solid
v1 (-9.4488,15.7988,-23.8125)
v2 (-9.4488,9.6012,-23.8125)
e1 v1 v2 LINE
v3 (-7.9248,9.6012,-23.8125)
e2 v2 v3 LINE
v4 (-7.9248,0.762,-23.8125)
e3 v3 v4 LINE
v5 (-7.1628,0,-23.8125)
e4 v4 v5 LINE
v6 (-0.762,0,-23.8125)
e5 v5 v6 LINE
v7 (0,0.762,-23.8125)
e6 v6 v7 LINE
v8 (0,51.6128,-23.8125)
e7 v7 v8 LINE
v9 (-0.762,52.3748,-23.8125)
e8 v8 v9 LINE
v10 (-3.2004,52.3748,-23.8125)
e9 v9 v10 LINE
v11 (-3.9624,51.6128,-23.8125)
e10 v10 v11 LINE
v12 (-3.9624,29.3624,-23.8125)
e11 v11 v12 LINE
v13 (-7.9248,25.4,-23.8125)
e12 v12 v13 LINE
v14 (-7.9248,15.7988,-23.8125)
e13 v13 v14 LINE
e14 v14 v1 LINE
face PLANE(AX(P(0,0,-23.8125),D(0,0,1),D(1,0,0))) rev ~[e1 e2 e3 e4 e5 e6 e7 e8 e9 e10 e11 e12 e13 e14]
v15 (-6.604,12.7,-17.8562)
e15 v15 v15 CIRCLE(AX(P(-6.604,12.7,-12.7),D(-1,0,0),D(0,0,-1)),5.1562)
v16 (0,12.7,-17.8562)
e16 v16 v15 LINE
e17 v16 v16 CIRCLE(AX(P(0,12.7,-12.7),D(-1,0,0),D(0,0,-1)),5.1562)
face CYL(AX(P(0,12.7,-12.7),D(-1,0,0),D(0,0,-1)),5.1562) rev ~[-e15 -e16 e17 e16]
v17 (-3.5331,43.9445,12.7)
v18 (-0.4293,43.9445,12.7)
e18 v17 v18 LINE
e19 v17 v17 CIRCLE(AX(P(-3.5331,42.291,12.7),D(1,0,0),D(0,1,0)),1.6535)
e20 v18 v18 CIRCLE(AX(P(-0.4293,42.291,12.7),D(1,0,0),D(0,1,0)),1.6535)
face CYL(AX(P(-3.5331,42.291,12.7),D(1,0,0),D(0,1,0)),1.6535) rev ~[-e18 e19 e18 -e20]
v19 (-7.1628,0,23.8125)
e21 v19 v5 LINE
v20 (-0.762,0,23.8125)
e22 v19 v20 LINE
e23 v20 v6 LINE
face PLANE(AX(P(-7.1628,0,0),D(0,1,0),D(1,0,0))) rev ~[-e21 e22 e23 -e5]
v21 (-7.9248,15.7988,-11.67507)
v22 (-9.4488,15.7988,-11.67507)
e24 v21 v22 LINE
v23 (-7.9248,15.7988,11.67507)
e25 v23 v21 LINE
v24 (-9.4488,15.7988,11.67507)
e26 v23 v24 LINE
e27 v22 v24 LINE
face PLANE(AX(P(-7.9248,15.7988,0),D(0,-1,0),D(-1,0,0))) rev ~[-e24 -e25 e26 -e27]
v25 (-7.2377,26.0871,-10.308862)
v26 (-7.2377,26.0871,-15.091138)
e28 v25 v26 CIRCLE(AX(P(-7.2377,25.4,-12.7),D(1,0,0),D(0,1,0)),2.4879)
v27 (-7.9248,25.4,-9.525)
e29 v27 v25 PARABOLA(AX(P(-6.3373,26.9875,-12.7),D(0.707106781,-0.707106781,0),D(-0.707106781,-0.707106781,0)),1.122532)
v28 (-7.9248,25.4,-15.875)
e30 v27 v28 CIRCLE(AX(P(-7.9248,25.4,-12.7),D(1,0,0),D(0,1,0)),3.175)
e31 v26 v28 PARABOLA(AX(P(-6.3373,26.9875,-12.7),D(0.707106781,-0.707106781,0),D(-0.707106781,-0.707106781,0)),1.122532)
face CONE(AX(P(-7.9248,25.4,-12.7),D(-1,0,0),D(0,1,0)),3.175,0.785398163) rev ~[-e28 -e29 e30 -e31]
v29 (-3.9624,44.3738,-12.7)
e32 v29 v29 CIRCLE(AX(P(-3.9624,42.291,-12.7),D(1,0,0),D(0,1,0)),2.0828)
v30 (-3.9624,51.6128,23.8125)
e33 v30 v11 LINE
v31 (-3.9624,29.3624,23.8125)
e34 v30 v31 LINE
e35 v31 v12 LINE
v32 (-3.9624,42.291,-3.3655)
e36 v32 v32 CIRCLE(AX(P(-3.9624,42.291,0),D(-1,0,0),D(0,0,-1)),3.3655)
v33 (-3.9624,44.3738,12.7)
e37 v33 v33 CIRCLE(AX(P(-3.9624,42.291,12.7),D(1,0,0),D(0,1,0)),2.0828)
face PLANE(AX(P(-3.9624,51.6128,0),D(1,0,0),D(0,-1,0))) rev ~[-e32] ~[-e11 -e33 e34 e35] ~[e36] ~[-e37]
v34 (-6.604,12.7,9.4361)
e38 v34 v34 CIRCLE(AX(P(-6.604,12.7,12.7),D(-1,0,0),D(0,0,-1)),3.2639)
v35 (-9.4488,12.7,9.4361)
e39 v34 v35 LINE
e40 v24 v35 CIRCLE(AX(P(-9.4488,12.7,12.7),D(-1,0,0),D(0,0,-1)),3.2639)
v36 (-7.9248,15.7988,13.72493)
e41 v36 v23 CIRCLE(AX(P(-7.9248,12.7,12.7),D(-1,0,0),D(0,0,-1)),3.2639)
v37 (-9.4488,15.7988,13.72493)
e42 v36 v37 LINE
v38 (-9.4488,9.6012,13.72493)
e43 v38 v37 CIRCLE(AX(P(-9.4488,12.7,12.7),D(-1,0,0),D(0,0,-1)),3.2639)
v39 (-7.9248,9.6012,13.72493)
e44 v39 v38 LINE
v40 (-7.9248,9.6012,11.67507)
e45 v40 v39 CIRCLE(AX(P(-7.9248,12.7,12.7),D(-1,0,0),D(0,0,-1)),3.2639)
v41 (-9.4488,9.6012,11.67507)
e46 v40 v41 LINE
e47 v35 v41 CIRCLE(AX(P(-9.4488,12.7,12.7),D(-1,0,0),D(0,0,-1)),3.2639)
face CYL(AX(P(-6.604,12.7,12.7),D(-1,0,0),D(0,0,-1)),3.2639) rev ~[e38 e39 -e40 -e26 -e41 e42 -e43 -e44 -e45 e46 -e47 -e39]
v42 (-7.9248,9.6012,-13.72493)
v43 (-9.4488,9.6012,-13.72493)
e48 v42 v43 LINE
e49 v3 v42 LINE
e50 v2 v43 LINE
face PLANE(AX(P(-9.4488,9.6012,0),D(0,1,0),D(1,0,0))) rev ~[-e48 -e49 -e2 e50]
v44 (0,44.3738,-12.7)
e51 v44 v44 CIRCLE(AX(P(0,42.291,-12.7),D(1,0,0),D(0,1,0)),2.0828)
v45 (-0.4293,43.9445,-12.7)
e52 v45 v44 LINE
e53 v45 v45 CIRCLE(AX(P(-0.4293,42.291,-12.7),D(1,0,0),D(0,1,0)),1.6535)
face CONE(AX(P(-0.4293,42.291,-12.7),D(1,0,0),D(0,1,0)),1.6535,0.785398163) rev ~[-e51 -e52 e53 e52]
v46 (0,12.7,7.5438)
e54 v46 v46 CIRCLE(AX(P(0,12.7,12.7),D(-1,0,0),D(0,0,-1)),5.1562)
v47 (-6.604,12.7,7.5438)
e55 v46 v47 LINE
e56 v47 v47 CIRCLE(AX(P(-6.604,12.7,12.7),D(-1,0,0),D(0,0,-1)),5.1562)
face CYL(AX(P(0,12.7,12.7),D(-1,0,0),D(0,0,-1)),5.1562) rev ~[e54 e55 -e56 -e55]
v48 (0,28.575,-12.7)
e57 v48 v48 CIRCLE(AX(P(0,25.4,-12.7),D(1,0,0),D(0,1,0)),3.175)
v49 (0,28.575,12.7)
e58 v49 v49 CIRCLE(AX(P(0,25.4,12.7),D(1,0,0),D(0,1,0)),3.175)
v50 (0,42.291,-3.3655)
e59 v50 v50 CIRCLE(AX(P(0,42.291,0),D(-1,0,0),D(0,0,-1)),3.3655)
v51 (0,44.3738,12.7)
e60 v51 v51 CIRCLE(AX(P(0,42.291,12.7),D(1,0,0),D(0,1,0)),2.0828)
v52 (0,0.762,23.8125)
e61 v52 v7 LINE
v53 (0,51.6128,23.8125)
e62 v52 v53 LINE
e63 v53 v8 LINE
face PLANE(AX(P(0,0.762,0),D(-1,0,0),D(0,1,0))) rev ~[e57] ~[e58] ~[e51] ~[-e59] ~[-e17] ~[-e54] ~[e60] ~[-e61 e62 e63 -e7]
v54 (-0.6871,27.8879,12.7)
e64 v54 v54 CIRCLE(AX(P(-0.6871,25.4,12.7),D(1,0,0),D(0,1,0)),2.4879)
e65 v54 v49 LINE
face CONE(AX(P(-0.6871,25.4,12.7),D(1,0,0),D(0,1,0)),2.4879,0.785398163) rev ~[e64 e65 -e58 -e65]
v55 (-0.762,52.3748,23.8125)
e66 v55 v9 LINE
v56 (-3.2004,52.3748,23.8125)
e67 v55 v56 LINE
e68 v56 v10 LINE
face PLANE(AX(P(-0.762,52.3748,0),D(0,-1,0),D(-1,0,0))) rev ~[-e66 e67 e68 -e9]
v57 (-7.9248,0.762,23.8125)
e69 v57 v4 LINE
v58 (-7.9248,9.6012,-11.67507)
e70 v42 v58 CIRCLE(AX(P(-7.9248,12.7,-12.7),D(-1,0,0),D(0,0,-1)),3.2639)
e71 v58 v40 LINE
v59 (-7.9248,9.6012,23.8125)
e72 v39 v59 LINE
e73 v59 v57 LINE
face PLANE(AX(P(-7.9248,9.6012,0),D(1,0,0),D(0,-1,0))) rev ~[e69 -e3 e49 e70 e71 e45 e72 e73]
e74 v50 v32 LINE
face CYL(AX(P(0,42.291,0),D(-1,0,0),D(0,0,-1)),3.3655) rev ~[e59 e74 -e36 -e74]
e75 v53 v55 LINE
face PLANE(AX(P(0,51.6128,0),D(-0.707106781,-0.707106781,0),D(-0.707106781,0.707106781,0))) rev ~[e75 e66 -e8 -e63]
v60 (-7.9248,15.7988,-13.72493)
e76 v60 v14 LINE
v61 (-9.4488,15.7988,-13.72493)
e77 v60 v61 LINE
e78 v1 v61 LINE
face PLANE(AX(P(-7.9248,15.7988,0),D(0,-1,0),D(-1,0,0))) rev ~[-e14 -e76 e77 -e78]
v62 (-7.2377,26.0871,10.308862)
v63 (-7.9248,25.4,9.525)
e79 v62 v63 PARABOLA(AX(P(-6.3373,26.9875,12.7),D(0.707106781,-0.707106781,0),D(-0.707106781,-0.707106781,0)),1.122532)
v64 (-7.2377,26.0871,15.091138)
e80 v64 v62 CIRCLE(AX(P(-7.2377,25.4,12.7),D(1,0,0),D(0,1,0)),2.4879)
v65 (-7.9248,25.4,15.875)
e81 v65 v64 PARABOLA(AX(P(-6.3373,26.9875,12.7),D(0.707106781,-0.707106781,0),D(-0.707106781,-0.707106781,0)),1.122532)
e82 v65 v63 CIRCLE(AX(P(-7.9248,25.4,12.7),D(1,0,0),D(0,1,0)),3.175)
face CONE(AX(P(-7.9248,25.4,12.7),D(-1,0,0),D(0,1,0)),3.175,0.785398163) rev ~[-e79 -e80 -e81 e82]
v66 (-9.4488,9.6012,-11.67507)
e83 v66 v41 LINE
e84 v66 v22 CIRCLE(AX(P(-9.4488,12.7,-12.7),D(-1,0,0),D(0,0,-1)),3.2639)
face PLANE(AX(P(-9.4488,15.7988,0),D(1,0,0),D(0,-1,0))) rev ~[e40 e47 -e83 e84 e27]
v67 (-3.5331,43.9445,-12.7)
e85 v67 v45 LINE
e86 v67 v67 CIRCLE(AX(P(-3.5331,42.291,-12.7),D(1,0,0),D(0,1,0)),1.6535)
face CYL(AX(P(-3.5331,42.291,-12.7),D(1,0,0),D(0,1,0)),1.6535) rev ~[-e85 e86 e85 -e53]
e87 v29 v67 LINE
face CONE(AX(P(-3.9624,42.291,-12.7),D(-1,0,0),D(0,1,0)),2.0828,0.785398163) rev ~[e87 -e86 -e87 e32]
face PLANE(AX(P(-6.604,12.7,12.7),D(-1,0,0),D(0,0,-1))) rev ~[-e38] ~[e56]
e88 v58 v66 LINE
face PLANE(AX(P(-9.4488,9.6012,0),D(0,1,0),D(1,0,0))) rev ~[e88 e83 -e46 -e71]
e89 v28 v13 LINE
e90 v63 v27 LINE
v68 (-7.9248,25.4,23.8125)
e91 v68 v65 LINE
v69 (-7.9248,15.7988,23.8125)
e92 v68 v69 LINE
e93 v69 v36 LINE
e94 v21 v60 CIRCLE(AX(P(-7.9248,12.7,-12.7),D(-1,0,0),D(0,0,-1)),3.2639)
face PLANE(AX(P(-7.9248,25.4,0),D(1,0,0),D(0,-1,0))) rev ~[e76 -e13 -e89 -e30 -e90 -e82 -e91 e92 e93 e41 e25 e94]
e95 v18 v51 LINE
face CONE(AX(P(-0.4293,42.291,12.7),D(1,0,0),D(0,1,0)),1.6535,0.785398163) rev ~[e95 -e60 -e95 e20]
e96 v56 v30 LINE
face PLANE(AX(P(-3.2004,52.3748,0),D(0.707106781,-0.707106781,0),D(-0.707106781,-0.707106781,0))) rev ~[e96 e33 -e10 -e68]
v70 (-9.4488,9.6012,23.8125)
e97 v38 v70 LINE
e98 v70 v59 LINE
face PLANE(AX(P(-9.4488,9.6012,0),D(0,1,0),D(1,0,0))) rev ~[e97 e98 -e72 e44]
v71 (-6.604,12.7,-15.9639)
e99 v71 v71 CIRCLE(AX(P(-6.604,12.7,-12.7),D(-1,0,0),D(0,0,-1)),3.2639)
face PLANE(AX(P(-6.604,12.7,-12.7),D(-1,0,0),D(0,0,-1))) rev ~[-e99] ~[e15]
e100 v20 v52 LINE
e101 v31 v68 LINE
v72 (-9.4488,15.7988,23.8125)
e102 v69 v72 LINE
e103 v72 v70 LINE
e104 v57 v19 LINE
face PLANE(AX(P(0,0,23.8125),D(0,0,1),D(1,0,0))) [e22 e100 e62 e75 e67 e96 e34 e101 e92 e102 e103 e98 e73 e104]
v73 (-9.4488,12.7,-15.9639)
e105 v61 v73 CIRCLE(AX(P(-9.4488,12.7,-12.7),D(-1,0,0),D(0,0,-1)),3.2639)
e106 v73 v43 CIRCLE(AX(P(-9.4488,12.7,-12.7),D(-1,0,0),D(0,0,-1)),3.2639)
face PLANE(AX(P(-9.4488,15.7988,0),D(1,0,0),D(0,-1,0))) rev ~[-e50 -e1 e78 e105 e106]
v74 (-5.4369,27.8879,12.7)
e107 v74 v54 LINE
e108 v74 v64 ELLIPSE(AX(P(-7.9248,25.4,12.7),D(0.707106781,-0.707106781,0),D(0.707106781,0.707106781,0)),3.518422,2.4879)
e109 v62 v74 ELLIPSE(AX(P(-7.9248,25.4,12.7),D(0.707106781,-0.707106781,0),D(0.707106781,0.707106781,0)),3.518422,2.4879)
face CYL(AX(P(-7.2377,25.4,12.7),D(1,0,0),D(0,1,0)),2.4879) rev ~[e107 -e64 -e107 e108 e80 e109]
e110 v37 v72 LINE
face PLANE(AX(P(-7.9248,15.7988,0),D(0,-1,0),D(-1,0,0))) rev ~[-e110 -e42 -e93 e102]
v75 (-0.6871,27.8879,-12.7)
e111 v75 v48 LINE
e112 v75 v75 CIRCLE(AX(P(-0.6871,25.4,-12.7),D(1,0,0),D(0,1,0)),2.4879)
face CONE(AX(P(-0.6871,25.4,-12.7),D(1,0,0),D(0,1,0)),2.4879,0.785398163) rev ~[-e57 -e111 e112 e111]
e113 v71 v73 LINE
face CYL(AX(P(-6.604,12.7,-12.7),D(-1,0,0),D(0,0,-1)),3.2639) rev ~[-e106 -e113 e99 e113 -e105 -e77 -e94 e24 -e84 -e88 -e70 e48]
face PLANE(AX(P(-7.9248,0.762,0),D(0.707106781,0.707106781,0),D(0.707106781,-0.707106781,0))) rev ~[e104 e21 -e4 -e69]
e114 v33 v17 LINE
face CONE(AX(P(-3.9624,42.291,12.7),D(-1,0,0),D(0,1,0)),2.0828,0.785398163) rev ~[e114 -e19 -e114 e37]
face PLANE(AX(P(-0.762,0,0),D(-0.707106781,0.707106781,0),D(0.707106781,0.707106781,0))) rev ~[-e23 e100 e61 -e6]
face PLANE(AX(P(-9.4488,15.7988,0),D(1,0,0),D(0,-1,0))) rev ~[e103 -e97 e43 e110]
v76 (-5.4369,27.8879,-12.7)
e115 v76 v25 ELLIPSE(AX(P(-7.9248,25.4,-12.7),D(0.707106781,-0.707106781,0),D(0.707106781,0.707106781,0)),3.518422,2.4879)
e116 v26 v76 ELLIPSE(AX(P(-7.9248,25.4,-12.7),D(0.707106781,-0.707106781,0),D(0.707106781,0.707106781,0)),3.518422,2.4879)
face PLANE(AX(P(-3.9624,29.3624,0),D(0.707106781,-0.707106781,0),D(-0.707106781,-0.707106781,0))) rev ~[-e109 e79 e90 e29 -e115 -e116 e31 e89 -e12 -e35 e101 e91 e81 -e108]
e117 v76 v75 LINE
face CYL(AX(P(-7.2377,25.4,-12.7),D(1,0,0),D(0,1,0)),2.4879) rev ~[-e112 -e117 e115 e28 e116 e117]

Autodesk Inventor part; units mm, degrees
sketch "Sketch_1" plane through (0, 0, 0) normal (0, 0, 1) x (1, 0, 0)
  line L0 (-9.4488, 15.7988) -> (-9.4488, 9.6012)
  line L1 (-9.4488, 9.6012) -> (-7.9248, 9.6012)
  line L2 (-7.9248, 9.6012) -> (-7.9248, 0.762)
  line L3 (-7.9248, 0.762) -> (-7.1628, 0)
  line L4 (-7.1628, 0) -> (-0.762, 0)
  line L5 (-0.762, 0) -> (0, 0.762)
  line L6 (0, 0.762) -> (0, 51.6128)
  line L7 (0, 51.6128) -> (-0.762, 52.3748)
  line L8 (-0.762, 52.3748) -> (-3.2004, 52.3748)
  line L9 (-3.2004, 52.3748) -> (-3.9624, 51.6128)
  line L10 (-3.9624, 51.6128) -> (-3.9624, 29.3624)
  line L11 (-3.9624, 29.3624) -> (-7.9248, 25.4)
  line L12 (-7.9248, 25.4) -> (-7.9248, 15.7988)
  line L13 (-7.9248, 15.7988) -> (-9.4488, 15.7988)
extrude "Extrusion1" add sketch "Sketch_1" along normal mid plane 47.625
sketch "Sketch_2" plane through (0, 0, 12.7) normal (0, 0, 1) x (1, 0, 0)
  line L0 (0, 42.291) -> (-3.9624, 42.291)
  line L1 (-3.9624, 42.291) -> (-3.9624, 44.3738)
  line L2 (-3.9624, 44.3738) -> (-3.5331, 43.9445)
  line L3 (-3.5331, 43.9445) -> (-0.4293, 43.9445)
  line L4 (-0.4293, 43.9445) -> (0, 44.3738)
  line L5 (0, 44.3738) -> (0, 42.291)
  line L6 (0, 42.291) -> (-3.9624, 42.291)
revolve "Revolution1" cut sketch "Sketch_2" angle 360 about axis through (0, 42.291, 12.7) along (1, 0, 0)
thread "Thread1" size "8-32 UNC" class "2B" standard "ANSI Unified Screw Threads" full length
pattern_linear "Rectangular Pattern1" count 2 spacing 25.4 along (0, 0, -1) of "Revolution1"
sketch "Sketch_4" plane through (0, 0, 12.7) normal (0, 0, 1) x (1, 0, 0)
  line L0 (0, 25.4) -> (-7.9248, 25.4)
  line L1 (-7.9248, 25.4) -> (-7.9248, 28.575)
  line L2 (-7.9248, 28.575) -> (-7.2377, 27.8879)
  line L3 (-7.2377, 27.8879) -> (-0.6871, 27.8879)
  line L4 (-0.6871, 27.8879) -> (0, 28.575)
  line L5 (0, 28.575) -> (0, 25.4)
  line L6 (0, 25.4) -> (-7.9248, 25.4)
revolve "Revolution2" cut sketch "Sketch_4" angle 360 about axis through (0, 25.4, 12.7) along (1, 0, 0)
thread "Thread2" size "1/4-20 UNC" class "2B" standard "ANSI Unified Screw Threads" length 6.5507
pattern_linear "Rectangular Pattern2" count 2 spacing 25.4 along (0, 0, -1) of "Revolution2"
sketch "Sketch4" plane through (0, 0.762, 23.8125) normal (1, 0, 0) x (0, 0, -1)
  point P0 (11.1125, 11.938)
hole "Hole1" at (0, 12.7, 12.7) direction (-1, 0, 0) diameter 6.5278 depth 9.4488 counterbore diameter 10.3124 counterbore depth 6.604
pattern_linear "Rectangular Pattern3" count 2 spacing 25.4 along (0, 0, -1) of "Hole1"
sketch "Sketch5" plane through (0, 0.762, 23.8125) normal (1, 0, 0) x (0, 0, -1)
  point P0 (23.8125, 41.529)
hole "Hole2" at (0, 42.291, 0) direction (-1, 0, 0) diameter 6.731 depth 3.9624
ref_plane "to_pad1_XY" through (-3.9624, 42.291, -12.7) normal (1, 0, 0) x (0, 0, -1)
ref_plane "to_pad1_YZ" through (-3.9624, 42.291, -12.7) normal (0, 0, -1) x (0, 1, 0)
ref_plane "to_pad1_ZX" through (-3.9624, 42.291, -12.7) normal (0, 1, 0) x (1, 0, 0)
ref_plane "to_pad2_XY" through (-3.9624, 42.291, -12.7) normal (1, 0, 0) x (0, 0, -1)
ref_plane "to_pad2_YZ" through (-3.9624, 42.291, -12.7) normal (0, 0, -1) x (0, 1, 0)
ref_plane "to_pad2_ZX" through (-3.9624, 42.291, -12.7) normal (0, 1, 0) x (1, 0, 0)
ref_plane "to_profile_XY" through (-7.9248, 12.7, 0) normal (1, 0, 0) x (0, 0, -1)
ref_plane "to_profile_YZ" through (-7.9248, 12.7, 0) normal (0, 0, -1) x (0, 1, 0)
ref_plane "to_profile_ZX" through (-7.9248, 12.7, 0) normal (0, 1, 0) x (1, 0, 0)
ref_plane "to_screw_1_XY" through (-6.604, 12.7, 12.7) normal (1, 0, 0) x (0, 0, -1)
ref_plane "to_screw_1_YZ" through (-6.604, 12.7, 12.7) normal (0, 0, -1) x (0, 1, 0)
ref_plane "to_screw_1_ZX" through (-6.604, 12.7, 12.7) normal (0, 1, 0) x (1, 0, 0)
ref_plane "to_screw_2_XY" through (-6.604, 12.7, -12.7) normal (1, 0, 0) x (0, 0, -1)
ref_plane "to_screw_2_YZ" through (-6.604, 12.7, -12.7) normal (0, 0, -1) x (0, 1, 0)
ref_plane "to_screw_2_ZX" through (-6.604, 12.7, -12.7) normal (0, 1, 0) x (1, 0, 0)
ref_plane "to_screw_3_XY" through (-6.604, 12.7, -12.7) normal (1, 0, 0) x (0, 0, -1)
ref_plane "to_screw_3_YZ" through (-6.604, 12.7, -12.7) normal (0, 0, -1) x (0, 1, 0)
ref_plane "to_screw_3_ZX" through (-6.604, 12.7, -12.7) normal (0, 1, 0) x (1, 0, 0)
ref_plane "to_screw_4_XY" through (-6.604, 12.7, -12.7) normal (1, 0, 0) x (0, 0, -1)
ref_plane "to_screw_4_YZ" through (-6.604, 12.7, -12.7) normal (0, 0, -1) x (0, 1, 0)
ref_plane "to_screw_4_ZX" through (-6.604, 12.7, -12.7) normal (0, 1, 0) x (1, 0, 0)
properties part number "6760_p"
